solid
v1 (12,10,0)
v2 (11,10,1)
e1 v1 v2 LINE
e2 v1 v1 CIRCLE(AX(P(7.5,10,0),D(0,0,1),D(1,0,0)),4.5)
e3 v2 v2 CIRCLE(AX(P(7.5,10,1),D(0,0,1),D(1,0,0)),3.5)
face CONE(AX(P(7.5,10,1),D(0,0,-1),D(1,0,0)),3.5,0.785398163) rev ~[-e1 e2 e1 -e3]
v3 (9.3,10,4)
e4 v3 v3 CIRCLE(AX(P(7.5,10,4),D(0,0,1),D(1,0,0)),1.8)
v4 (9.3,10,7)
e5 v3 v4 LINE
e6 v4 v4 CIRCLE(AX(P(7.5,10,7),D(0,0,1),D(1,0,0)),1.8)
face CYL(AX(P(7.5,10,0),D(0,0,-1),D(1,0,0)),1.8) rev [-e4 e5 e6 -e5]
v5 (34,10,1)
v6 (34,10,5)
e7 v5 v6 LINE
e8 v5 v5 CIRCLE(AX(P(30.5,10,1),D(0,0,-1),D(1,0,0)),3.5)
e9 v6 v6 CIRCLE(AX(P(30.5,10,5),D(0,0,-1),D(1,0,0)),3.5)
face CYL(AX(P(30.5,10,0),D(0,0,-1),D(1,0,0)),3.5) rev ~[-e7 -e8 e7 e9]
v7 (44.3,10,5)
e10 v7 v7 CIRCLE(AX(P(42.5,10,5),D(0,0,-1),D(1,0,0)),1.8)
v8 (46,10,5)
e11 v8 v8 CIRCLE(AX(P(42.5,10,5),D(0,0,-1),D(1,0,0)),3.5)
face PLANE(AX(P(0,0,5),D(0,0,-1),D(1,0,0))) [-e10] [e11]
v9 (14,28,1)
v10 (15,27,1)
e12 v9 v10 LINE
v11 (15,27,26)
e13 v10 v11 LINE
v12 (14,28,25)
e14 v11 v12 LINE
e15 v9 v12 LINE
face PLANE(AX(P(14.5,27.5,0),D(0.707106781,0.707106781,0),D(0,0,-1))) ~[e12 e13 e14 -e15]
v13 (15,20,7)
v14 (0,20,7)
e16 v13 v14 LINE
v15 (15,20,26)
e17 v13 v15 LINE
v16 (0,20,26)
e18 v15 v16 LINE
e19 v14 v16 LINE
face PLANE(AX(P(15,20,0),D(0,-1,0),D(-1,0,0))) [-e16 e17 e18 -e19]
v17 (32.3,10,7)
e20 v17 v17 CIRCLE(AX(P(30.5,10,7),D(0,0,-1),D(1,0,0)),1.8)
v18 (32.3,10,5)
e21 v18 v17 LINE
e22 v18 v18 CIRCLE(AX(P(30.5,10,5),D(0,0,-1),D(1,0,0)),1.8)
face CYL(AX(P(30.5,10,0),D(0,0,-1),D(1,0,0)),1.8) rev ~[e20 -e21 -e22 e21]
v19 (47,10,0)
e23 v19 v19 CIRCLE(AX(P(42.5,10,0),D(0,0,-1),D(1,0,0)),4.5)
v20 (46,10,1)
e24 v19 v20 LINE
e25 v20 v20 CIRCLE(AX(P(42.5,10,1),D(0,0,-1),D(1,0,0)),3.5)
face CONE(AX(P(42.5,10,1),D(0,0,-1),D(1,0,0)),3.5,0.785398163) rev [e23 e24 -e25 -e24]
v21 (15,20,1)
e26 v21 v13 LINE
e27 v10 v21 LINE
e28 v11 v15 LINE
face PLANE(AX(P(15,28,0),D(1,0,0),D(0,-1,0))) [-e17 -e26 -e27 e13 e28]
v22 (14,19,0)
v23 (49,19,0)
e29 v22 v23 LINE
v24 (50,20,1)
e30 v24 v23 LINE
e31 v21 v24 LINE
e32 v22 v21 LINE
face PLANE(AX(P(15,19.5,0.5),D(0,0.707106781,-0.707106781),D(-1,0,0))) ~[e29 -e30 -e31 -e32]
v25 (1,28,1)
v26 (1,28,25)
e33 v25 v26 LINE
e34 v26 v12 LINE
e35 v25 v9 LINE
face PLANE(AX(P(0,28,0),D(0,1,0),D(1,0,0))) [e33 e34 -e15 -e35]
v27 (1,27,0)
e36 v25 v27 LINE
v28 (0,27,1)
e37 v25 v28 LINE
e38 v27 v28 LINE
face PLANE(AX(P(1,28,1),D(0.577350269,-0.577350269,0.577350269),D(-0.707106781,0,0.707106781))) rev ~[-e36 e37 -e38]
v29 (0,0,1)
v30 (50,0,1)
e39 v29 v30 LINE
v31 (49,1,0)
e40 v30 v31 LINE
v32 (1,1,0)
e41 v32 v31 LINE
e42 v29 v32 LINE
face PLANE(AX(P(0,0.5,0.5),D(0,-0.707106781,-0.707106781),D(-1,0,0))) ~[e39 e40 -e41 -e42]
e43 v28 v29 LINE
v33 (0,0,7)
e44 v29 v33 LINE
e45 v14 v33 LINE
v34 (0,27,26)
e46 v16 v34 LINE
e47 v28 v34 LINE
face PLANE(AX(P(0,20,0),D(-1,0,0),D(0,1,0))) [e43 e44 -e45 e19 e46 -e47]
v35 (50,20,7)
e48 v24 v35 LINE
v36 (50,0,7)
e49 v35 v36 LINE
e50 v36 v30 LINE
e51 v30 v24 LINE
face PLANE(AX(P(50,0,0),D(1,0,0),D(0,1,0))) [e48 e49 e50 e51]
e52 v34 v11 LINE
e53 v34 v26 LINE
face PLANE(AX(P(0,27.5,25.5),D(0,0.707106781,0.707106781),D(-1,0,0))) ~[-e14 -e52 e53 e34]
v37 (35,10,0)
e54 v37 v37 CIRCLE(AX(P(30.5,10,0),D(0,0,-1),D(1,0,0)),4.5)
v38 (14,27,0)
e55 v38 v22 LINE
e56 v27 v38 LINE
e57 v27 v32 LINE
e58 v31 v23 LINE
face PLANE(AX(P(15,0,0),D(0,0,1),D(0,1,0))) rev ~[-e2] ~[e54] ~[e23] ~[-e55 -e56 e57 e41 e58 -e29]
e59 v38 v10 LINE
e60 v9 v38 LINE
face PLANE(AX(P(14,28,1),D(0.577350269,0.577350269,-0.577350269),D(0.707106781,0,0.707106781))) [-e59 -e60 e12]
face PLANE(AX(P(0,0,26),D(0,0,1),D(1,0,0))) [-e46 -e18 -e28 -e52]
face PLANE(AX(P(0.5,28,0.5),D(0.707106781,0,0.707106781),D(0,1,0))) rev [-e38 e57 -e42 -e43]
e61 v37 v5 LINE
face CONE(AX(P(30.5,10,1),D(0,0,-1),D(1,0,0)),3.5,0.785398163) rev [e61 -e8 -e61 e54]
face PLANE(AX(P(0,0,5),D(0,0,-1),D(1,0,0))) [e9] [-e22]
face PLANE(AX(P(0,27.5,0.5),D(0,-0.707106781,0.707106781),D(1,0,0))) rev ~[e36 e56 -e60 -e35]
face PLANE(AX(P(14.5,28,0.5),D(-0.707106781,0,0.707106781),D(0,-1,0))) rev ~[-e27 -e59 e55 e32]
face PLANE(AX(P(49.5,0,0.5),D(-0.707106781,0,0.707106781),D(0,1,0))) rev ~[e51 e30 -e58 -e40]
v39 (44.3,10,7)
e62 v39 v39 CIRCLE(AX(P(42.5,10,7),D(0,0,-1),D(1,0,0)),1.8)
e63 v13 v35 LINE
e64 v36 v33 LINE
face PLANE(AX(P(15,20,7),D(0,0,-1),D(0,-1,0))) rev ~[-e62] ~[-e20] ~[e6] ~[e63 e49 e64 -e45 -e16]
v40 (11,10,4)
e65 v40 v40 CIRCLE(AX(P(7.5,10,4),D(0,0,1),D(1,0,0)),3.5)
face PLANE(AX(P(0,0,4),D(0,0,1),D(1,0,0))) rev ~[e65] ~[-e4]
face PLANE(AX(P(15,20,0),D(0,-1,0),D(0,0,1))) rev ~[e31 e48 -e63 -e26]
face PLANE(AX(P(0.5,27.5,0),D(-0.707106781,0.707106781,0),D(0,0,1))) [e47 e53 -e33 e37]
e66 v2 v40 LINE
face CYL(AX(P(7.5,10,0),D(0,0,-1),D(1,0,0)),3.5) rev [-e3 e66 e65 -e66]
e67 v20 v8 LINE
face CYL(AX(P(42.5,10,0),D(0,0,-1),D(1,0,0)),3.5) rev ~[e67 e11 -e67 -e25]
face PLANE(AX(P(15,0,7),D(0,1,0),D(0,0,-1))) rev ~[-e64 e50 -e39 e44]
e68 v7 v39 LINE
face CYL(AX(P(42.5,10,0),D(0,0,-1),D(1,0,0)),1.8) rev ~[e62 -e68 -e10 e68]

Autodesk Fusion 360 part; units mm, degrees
sketch "Sketch1" plane through (0, 0, 0) normal (0, 0, 1) x (1, 0, 0)
  circle A0 centre (7.5, 10) radius 1.8
  line L0 (0, 0) -> (15, 0)
  line L1 (15, 0) -> (15, 20)
  line L2 (15, 20) -> (0, 20)
  line L3 (0, 20) -> (0, 0)
  circle A1 centre (7.5, 10) radius 3.5
  line L4 (15, 20) -> (0, 20)
  line L5 (0, 20) -> (0, 28)
  line L6 (0, 28) -> (15, 28)
  line L7 (15, 28) -> (15, 20)
  dimension "d3" = 3.6
  dimension "d17" = 15
  dimension "d18" = 20
  dimension "d19" = 10
  dimension "d21" = 7
  dimension "d26" = 15
  dimension "d27" = 8
extrude "Extrude1" add sketch "Sketch1" along normal blind 7 contours L0 L1 L2 L3 L4 | A1
sketch "Sketch4" plane through (15, 0, 0) normal (1, 0, 0) x (0, 1, 0)
  line L0 (0, 0) -> (20, 0)
  line L1 (20, 0) -> (20, 7)
  line L2 (20, 7) -> (0, 7)
  line L3 (0, 7) -> (0, 0)
extrude "Extrude4" cut sketch "Sketch1" along normal blind 4 contours A1
extrude "Extrude5" add sketch "Sketch1" along normal blind 26 contours L2 L4 L5 L6 L7
extrude "Extrude6" add sketch "Sketch4" along normal blind 35
sketch "Sketch5" plane through (0, 0, 0) normal (0, 0, -1) x (1, 0, 0)
  circle A0 centre (7.5, -10) radius 3.5
  line L0 (50, 0) -> (0, 0)
  line L1 (0, 0) -> (0, -28)
  line L2 (0, -28) -> (15, -28)
  line L3 (15, -28) -> (15, -20)
  line L4 (15, -20) -> (50, -20)
  line L5 (50, -20) -> (50, 0)
  circle A1 centre (42.5, -10) radius 1.8
  circle A2 centre (42.5, -10) radius 3.5
  circle A3 centre (30.5, -10) radius 1.8
  circle A4 centre (30.5, -10) radius 3.5
  point P0 (7.5, -10)
  dimension "d33" = 3.6
  dimension "d34" = 7
  dimension "d35" = 7.5
  dimension "d40" = 3.6
  dimension "d41" = 7
  dimension "d42" = 12
extrude "Extrude8" cut sketch "Sketch5" against normal through all contours A1 | A3
extrude "Extrude7" cut sketch "Sketch5" against normal blind 5 contours A1 | A2 | A4
chamfer "Chamfer2" distance 1 angle 45 2 faces at (7.4128, 20.4967, 0) (5, 28, 8.6667)
equation "d7 = 7 mm"
equation "d19 = d18 / 2"
equation "d33 = d3"
equation "d34 = d21"
equation "d36 = -d7 + 2 mm"
equation "d40 = d3"
equation "d41 = d21"
